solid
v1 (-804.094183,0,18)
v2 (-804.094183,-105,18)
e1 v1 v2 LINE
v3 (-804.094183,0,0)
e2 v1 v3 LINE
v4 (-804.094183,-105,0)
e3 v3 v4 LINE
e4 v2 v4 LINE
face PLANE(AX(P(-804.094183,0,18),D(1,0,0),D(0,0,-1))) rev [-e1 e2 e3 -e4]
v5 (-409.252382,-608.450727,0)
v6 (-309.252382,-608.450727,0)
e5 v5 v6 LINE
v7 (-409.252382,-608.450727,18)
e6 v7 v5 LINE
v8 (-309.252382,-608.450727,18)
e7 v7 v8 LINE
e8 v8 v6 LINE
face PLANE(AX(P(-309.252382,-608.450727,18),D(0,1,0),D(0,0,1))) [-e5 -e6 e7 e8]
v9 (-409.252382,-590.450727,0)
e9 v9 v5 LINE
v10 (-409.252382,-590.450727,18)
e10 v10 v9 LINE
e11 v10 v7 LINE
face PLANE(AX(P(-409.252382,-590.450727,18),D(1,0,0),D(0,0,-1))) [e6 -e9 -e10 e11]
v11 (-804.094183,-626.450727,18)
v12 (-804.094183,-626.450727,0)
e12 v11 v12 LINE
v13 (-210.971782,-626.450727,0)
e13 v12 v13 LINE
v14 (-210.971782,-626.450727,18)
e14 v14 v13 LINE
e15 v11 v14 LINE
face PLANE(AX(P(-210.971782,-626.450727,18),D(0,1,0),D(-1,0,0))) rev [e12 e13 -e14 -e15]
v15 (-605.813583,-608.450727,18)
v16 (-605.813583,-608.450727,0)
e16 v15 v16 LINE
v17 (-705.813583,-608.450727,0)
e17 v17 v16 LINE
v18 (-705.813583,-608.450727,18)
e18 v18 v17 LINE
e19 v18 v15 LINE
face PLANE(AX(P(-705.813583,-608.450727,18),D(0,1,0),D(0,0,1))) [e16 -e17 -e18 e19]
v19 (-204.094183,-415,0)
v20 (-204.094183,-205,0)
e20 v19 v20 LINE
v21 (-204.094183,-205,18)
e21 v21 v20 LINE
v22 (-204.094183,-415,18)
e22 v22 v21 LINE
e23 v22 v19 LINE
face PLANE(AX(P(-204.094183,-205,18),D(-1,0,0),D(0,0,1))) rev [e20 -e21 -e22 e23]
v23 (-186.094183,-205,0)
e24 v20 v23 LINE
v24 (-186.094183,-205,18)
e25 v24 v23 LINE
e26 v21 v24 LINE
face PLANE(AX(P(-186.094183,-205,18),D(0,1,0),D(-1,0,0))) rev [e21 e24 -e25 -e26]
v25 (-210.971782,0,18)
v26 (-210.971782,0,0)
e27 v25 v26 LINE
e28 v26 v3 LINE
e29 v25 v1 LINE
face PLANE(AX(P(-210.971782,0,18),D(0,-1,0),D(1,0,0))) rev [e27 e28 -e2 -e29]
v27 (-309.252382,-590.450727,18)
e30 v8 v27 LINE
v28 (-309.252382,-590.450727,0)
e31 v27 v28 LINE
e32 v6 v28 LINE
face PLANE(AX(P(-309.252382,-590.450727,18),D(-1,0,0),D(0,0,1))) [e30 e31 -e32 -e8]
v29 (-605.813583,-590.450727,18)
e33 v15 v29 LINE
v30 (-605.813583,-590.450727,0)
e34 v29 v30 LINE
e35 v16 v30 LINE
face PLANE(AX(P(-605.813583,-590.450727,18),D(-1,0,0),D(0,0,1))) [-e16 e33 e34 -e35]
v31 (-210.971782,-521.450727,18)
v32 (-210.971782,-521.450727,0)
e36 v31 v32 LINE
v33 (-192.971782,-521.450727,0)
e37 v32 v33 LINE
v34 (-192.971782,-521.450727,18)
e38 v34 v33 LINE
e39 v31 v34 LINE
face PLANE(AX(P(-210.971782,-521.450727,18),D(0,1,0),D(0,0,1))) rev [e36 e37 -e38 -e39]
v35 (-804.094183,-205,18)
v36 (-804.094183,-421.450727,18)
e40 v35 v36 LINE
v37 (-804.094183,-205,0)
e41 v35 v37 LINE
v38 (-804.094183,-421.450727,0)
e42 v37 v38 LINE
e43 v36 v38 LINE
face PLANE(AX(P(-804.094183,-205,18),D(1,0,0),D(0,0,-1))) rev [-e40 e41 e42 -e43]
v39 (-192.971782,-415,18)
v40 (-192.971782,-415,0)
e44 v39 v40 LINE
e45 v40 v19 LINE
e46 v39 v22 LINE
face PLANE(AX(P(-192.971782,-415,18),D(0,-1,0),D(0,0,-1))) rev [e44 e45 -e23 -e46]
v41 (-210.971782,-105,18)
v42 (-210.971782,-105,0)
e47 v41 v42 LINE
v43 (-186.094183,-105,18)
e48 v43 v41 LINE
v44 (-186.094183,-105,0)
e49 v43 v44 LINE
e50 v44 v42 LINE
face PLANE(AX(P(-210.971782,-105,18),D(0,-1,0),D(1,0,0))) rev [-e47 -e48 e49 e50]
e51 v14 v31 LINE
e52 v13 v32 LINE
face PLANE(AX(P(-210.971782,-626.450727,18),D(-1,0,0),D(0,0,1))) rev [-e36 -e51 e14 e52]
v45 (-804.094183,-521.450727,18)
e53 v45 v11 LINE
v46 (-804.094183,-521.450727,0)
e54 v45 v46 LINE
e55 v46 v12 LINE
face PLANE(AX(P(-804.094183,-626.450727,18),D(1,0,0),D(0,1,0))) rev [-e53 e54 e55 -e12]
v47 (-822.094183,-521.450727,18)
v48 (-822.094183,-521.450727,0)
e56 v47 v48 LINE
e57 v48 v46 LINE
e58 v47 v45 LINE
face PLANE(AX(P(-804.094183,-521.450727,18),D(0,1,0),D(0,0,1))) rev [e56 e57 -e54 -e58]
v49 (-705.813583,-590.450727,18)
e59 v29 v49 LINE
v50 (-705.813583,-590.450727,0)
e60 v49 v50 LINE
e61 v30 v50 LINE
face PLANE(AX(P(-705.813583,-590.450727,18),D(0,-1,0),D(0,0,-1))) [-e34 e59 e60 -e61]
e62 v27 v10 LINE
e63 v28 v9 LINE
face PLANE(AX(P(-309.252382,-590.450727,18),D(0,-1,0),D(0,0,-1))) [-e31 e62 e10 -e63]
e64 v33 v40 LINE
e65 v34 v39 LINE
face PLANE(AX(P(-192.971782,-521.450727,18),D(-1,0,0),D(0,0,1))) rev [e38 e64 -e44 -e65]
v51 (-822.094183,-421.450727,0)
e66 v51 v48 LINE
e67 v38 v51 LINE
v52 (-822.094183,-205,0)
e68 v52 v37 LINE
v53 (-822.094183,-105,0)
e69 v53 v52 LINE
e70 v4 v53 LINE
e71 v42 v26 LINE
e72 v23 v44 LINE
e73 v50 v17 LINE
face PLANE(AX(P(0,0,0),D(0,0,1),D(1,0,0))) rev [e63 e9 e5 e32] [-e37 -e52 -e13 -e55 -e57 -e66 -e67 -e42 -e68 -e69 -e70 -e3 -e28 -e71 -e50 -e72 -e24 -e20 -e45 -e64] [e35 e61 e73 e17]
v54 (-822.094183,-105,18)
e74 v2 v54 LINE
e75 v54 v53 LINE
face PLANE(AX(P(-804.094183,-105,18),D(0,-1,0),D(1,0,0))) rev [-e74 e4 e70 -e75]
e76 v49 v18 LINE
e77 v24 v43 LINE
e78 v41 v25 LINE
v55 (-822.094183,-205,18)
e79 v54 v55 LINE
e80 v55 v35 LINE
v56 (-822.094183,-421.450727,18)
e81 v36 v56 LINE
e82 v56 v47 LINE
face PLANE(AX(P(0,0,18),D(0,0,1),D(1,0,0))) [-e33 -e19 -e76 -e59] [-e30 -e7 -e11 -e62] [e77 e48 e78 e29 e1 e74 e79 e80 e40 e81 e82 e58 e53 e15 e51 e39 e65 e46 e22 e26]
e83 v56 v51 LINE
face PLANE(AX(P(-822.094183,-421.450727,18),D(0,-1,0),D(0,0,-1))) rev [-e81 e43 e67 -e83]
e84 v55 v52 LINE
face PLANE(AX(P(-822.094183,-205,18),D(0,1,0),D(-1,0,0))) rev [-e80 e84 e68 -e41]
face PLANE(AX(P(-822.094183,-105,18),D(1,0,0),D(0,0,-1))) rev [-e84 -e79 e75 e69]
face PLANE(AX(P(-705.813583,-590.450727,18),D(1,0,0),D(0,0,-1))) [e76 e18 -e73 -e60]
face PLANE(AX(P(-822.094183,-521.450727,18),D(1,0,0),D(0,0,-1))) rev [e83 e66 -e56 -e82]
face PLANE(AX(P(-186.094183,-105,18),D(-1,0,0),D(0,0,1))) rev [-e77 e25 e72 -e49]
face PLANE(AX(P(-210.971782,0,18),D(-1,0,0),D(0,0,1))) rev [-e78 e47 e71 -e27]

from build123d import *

# Parameters (mm, degrees)
SKETCH1_W           = 100
SKETCH1_H           = 18
BOSS_EXTRUDE1_DEPTH = 18


with BuildPart() as part:
    # Sketch1 → Boss-Extrude1 (new body)
    with BuildSketch(Plane.XY):
        Polygon((-204.09418278, -205), (-204.09418278, -415), (-192.971781752, -415), (-192.971781752, -521.450726938), (-210.971781752, -521.450726938), (-210.971781752, -626.450726938), (-804.09418278, -626.450726938), (-804.09418278, -521.450726938), (-822.09418278, -521.450726938), (-822.09418278, -421.450726938), (-804.09418278, -421.450726938), (-804.09418278, -205), (-822.09418278, -205), (-822.09418278, -105), (-804.09418278, -105), (-804.09418278, 0), (-210.971781752, 0), (-210.971781752, -105), (-186.09418278, -105), (-186.09418278, -205), align=None)
        with Locations((-359.252382009, -599.450726938)):
            Rectangle(SKETCH1_W, SKETCH1_H, mode=Mode.SUBTRACT)
        with Locations((-655.813582523, -599.450726938)):
            Rectangle(SKETCH1_W, SKETCH1_H, mode=Mode.SUBTRACT)
    extrude(amount=BOSS_EXTRUDE1_DEPTH)


solid = part.part
